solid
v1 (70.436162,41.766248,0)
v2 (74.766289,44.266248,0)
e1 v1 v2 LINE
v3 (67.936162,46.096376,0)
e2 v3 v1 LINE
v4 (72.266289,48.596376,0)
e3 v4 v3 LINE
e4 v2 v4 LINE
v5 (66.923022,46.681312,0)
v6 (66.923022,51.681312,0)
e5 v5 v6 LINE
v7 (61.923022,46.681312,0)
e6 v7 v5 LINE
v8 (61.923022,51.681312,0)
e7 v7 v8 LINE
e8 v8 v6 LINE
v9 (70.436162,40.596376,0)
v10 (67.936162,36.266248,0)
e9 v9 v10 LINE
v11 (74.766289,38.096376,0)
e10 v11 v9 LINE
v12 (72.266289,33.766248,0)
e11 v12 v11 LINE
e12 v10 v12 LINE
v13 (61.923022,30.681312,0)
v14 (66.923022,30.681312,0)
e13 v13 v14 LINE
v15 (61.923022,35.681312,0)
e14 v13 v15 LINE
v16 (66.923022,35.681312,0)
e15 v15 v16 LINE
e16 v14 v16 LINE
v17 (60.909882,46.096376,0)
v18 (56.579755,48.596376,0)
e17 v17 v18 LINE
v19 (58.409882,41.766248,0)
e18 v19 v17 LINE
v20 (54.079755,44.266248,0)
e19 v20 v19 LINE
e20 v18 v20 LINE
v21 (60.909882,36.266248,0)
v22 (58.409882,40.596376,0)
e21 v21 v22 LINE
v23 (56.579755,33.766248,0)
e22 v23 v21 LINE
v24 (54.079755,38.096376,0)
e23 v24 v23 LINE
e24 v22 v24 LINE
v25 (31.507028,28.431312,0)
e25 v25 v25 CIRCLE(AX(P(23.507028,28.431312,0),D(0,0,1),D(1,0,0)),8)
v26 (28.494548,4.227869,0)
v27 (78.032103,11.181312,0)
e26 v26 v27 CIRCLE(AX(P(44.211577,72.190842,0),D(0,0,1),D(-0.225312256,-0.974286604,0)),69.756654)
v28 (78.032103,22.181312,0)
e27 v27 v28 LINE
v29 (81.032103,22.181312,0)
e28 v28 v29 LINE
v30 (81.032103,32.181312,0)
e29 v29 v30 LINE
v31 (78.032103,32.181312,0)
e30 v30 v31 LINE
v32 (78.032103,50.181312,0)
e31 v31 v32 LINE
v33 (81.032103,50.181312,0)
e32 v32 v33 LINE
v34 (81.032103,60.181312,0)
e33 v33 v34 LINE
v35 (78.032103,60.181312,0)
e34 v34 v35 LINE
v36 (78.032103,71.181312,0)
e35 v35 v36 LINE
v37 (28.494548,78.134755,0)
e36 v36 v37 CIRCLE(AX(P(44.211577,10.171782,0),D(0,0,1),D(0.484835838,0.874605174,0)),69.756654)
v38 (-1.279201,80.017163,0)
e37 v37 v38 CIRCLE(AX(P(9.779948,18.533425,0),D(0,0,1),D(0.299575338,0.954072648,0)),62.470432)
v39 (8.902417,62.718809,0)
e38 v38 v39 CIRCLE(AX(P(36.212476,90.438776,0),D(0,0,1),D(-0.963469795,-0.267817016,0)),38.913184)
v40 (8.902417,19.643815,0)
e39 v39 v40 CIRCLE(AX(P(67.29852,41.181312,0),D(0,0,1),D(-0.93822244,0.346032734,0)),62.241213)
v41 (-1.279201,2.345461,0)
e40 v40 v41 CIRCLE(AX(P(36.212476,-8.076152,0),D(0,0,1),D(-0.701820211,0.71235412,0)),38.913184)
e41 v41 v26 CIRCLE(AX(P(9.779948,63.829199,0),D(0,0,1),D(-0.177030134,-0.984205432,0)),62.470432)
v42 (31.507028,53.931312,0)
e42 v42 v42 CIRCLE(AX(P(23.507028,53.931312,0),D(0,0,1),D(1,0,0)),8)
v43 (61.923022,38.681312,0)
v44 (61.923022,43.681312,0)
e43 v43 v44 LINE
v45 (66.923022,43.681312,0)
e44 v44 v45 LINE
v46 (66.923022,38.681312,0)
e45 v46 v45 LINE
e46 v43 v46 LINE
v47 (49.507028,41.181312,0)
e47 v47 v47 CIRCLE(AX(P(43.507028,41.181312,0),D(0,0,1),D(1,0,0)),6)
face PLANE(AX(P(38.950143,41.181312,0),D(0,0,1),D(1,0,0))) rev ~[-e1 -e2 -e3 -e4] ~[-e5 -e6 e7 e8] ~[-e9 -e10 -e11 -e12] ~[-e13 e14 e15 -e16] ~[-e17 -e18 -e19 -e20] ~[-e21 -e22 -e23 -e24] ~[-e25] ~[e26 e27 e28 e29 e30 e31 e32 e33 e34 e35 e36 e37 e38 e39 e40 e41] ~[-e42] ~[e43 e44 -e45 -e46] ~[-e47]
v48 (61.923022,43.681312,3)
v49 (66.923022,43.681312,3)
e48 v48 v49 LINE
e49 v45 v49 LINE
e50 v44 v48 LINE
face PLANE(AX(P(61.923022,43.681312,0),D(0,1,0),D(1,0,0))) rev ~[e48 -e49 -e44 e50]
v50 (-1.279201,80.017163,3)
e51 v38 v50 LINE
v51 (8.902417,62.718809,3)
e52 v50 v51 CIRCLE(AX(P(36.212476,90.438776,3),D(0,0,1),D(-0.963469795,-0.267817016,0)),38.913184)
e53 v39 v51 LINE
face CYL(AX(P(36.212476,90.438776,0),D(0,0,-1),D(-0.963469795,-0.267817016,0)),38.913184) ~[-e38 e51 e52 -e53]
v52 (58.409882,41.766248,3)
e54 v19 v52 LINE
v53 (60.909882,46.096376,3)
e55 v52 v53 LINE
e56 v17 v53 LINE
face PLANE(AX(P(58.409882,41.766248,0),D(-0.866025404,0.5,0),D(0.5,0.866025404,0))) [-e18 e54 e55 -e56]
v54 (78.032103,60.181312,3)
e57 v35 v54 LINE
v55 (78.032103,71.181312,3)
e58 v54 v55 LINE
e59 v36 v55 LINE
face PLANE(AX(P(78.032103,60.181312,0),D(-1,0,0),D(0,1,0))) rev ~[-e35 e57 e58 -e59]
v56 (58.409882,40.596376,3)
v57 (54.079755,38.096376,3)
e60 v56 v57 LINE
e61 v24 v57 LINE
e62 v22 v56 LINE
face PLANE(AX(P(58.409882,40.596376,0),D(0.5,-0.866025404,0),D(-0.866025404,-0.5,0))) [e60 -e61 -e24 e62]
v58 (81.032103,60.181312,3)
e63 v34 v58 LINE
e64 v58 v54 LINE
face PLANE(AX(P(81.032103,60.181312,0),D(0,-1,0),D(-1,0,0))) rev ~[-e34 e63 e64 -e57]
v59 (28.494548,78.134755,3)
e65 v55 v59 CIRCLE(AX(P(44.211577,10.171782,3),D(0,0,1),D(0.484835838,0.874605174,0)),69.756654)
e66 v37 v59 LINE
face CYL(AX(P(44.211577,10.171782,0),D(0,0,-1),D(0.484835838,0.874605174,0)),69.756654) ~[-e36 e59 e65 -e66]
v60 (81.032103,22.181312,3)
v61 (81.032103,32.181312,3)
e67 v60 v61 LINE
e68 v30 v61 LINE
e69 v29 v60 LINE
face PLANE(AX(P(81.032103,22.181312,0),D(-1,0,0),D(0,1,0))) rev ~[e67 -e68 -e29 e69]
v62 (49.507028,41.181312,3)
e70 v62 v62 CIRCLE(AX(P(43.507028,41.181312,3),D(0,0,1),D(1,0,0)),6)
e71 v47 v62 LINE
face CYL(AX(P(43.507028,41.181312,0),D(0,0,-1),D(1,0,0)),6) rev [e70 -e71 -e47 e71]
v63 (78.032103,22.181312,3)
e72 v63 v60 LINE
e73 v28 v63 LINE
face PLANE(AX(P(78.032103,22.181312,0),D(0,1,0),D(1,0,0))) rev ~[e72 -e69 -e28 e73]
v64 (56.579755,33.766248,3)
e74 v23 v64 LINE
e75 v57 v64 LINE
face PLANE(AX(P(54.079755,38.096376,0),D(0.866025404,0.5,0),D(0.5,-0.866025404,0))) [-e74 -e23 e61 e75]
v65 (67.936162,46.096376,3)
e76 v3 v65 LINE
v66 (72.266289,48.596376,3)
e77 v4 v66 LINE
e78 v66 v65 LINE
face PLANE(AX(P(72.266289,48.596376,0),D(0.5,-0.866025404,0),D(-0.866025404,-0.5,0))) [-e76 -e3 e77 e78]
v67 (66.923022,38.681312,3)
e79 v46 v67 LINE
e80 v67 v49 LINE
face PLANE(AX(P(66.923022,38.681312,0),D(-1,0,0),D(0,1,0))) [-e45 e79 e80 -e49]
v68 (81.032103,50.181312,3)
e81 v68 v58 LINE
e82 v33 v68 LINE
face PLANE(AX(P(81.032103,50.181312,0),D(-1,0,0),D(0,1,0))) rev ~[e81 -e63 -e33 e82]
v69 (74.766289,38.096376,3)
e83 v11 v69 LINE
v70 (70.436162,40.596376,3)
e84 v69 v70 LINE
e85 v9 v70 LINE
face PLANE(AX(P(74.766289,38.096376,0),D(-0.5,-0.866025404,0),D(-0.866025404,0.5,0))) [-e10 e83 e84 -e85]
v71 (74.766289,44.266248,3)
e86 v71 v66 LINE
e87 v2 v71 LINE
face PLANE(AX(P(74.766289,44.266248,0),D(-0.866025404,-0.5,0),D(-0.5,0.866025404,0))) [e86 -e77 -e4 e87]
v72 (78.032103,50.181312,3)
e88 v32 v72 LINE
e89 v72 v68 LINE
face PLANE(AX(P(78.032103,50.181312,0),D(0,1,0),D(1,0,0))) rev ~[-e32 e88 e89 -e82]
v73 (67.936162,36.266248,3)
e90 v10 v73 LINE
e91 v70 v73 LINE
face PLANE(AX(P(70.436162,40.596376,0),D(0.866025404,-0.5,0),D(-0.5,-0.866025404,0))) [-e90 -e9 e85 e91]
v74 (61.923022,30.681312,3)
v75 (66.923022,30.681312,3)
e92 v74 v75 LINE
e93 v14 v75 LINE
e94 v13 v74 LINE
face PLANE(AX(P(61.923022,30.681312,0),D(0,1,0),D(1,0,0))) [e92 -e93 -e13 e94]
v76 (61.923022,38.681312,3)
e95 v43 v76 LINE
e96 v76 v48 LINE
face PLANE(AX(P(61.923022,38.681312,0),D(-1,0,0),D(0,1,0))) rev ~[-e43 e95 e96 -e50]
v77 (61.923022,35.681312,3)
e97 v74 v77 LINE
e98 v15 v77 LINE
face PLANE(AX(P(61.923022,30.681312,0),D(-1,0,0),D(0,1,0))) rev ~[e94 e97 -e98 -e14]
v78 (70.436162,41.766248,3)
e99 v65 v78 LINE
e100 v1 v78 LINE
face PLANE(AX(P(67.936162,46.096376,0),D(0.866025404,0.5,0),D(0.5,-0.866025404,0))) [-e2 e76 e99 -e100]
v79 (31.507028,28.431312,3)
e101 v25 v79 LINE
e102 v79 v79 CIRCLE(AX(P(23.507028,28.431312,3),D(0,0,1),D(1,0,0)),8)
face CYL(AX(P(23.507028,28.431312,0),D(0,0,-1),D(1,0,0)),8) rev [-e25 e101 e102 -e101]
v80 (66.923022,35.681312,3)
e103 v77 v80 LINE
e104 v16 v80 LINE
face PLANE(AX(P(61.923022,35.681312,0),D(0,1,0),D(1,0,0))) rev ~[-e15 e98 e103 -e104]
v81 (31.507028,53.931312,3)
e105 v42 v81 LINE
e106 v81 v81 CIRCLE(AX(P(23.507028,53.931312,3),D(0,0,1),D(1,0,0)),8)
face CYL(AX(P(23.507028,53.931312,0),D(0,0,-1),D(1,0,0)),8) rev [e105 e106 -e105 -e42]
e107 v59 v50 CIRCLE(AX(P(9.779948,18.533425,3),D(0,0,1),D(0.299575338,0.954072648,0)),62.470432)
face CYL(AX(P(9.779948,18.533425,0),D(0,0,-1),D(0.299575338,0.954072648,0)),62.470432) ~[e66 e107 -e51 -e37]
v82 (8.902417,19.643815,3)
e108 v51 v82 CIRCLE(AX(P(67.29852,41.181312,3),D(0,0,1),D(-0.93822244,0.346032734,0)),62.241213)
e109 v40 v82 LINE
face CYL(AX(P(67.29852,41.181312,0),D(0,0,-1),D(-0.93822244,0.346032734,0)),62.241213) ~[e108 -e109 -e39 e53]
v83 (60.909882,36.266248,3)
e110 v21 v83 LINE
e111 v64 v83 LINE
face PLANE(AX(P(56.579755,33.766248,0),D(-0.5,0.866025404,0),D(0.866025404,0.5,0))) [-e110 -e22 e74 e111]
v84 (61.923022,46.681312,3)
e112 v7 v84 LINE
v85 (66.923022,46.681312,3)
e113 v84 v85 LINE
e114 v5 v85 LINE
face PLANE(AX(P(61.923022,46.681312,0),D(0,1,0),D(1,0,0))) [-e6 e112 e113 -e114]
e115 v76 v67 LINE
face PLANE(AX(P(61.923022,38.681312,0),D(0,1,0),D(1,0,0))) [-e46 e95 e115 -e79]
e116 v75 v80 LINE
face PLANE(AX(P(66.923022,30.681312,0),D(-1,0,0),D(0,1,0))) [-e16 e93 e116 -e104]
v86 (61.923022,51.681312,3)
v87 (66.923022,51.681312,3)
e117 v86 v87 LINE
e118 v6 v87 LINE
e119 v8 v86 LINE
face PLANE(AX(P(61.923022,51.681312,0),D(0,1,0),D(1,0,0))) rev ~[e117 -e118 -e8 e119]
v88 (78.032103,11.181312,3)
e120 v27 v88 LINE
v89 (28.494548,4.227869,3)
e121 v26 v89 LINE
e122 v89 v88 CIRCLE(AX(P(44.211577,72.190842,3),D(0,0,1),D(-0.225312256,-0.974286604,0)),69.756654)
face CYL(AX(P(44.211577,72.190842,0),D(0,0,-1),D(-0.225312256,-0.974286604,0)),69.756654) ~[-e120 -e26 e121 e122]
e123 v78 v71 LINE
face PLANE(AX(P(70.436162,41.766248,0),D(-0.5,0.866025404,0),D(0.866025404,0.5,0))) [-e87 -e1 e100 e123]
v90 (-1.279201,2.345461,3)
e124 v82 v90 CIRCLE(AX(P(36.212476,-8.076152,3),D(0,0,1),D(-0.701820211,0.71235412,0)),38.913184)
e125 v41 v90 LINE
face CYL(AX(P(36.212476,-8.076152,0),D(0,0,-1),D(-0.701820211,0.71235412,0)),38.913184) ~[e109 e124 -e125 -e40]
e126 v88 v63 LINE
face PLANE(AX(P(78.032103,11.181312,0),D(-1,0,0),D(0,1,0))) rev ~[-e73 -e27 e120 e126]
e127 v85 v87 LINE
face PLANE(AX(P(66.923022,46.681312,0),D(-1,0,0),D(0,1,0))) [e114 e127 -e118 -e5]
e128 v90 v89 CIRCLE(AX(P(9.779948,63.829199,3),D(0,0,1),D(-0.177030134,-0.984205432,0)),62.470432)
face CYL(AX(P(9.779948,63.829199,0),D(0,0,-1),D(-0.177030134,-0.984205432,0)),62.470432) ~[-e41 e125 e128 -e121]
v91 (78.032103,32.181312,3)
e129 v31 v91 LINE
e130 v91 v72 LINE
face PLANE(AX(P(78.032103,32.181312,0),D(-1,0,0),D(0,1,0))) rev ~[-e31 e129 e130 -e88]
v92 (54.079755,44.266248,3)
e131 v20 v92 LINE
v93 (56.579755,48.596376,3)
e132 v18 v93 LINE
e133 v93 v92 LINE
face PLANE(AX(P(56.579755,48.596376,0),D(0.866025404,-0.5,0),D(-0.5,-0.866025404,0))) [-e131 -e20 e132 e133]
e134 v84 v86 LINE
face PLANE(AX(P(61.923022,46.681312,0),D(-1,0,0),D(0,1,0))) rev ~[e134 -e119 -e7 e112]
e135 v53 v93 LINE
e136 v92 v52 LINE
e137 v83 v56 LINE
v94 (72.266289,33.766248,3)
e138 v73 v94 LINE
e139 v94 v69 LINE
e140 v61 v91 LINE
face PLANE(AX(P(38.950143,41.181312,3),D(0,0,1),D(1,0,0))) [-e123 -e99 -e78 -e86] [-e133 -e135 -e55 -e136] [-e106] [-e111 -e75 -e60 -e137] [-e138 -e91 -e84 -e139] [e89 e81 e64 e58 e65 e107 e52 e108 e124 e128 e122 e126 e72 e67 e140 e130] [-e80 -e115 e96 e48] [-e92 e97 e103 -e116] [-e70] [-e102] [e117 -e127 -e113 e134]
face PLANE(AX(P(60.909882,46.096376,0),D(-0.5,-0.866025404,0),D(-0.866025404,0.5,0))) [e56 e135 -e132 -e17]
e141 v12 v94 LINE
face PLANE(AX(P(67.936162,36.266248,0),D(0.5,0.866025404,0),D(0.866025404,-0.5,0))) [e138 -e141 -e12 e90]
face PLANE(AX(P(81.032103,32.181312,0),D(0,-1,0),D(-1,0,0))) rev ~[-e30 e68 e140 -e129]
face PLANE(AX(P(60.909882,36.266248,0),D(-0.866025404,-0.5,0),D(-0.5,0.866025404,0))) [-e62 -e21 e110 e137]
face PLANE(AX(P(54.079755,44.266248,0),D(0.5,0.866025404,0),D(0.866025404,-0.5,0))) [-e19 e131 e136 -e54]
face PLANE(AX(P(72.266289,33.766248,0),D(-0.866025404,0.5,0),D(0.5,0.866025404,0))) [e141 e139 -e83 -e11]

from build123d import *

# Parameters (mm, degrees)
SKETCH2_R           = 8
SKETCH2_R_2         = 6
SKETCH2_W           = 5
SKETCH2_H           = 5
BOSS_EXTRUDE1_DEPTH = 3


with BuildPart() as part:
    # Sketch2 → Boss-Extrude1 (new body)
    with BuildSketch(Plane.XY):
        with BuildLine():
            Line((81.032103119, 50.181312), (81.032103119, 60.181312))
            Line((81.032103119, 60.181312), (78.032103119, 60.181312))
            Line((78.032103119, 60.181312), (78.032103119, 71.181312))
            ThreePointArc((78.032103119, 71.181312), (53.908058205, 79.251221529), (28.494548306, 78.134755037))
            ThreePointArc((28.494548306, 78.134755037), (13.721692274, 80.8793749), (-1.279201176, 80.017163065))
            ThreePointArc((-1.279201176, 80.017163065), (2.677054283, 70.700200378), (8.902417187, 62.718809041))
            ThreePointArc((8.902417187, 62.718809041), (5.05730693, 41.181312), (8.902417187, 19.643814959))
            ThreePointArc((8.902417187, 19.643814959), (2.677054283, 11.662423622), (-1.279201176, 2.345460935))
            ThreePointArc((-1.279201176, 2.345460935), (13.721692274, 1.4832491), (28.494548306, 4.227868963))
            ThreePointArc((28.494548306, 4.227868963), (53.908058205, 3.111402471), (78.032103119, 11.181312))
            Line((78.032103119, 11.181312), (78.032103119, 22.181312))
            Line((78.032103119, 22.181312), (81.032103119, 22.181312))
            Line((81.032103119, 22.181312), (81.032103119, 32.181312))
            Line((81.032103119, 32.181312), (78.032103119, 32.181312))
            Line((78.032103119, 32.181312), (78.032103119, 50.181312))
            Line((78.032103119, 50.181312), (81.032103119, 50.181312))
        make_face()
        with Locations((23.507028058, 53.931312)):
            Circle(SKETCH2_R, mode=Mode.SUBTRACT)
        with Locations((43.507028058, 41.181312)):
            Circle(SKETCH2_R_2, mode=Mode.SUBTRACT)
        with Locations((23.507028058, 28.431312)):
            Circle(SKETCH2_R, mode=Mode.SUBTRACT)
        with Locations((64.423022125, 41.181312)):
            Rectangle(SKETCH2_W, SKETCH2_H, mode=Mode.SUBTRACT)
        with Locations((64.423022125, 33.181312)):
            Rectangle(SKETCH2_W, SKETCH2_H, mode=Mode.SUBTRACT)
        Polygon((72.266288865, 48.59637551), (67.936161846, 46.09637551), (70.436161846, 41.766248491), (74.766288865, 44.266248491), align=None, mode=Mode.SUBTRACT)
        Polygon((67.936161846, 36.266248491), (72.266288865, 33.766248491), (74.766288865, 38.09637551), (70.436161846, 40.596375509), align=None, mode=Mode.SUBTRACT)
        with Locations((64.423022125, 49.181312)):
            Rectangle(SKETCH2_W, SKETCH2_H, mode=Mode.SUBTRACT)
        Polygon((56.579755385, 33.766248491), (60.909882404, 36.266248491), (58.409882404, 40.59637551), (54.079755385, 38.09637551), align=None, mode=Mode.SUBTRACT)
        Polygon((60.909882404, 46.09637551), (56.579755385, 48.596375509), (54.079755385, 44.266248491), (58.409882404, 41.766248491), align=None, mode=Mode.SUBTRACT)
    extrude(amount=BOSS_EXTRUDE1_DEPTH)


solid = part.part
